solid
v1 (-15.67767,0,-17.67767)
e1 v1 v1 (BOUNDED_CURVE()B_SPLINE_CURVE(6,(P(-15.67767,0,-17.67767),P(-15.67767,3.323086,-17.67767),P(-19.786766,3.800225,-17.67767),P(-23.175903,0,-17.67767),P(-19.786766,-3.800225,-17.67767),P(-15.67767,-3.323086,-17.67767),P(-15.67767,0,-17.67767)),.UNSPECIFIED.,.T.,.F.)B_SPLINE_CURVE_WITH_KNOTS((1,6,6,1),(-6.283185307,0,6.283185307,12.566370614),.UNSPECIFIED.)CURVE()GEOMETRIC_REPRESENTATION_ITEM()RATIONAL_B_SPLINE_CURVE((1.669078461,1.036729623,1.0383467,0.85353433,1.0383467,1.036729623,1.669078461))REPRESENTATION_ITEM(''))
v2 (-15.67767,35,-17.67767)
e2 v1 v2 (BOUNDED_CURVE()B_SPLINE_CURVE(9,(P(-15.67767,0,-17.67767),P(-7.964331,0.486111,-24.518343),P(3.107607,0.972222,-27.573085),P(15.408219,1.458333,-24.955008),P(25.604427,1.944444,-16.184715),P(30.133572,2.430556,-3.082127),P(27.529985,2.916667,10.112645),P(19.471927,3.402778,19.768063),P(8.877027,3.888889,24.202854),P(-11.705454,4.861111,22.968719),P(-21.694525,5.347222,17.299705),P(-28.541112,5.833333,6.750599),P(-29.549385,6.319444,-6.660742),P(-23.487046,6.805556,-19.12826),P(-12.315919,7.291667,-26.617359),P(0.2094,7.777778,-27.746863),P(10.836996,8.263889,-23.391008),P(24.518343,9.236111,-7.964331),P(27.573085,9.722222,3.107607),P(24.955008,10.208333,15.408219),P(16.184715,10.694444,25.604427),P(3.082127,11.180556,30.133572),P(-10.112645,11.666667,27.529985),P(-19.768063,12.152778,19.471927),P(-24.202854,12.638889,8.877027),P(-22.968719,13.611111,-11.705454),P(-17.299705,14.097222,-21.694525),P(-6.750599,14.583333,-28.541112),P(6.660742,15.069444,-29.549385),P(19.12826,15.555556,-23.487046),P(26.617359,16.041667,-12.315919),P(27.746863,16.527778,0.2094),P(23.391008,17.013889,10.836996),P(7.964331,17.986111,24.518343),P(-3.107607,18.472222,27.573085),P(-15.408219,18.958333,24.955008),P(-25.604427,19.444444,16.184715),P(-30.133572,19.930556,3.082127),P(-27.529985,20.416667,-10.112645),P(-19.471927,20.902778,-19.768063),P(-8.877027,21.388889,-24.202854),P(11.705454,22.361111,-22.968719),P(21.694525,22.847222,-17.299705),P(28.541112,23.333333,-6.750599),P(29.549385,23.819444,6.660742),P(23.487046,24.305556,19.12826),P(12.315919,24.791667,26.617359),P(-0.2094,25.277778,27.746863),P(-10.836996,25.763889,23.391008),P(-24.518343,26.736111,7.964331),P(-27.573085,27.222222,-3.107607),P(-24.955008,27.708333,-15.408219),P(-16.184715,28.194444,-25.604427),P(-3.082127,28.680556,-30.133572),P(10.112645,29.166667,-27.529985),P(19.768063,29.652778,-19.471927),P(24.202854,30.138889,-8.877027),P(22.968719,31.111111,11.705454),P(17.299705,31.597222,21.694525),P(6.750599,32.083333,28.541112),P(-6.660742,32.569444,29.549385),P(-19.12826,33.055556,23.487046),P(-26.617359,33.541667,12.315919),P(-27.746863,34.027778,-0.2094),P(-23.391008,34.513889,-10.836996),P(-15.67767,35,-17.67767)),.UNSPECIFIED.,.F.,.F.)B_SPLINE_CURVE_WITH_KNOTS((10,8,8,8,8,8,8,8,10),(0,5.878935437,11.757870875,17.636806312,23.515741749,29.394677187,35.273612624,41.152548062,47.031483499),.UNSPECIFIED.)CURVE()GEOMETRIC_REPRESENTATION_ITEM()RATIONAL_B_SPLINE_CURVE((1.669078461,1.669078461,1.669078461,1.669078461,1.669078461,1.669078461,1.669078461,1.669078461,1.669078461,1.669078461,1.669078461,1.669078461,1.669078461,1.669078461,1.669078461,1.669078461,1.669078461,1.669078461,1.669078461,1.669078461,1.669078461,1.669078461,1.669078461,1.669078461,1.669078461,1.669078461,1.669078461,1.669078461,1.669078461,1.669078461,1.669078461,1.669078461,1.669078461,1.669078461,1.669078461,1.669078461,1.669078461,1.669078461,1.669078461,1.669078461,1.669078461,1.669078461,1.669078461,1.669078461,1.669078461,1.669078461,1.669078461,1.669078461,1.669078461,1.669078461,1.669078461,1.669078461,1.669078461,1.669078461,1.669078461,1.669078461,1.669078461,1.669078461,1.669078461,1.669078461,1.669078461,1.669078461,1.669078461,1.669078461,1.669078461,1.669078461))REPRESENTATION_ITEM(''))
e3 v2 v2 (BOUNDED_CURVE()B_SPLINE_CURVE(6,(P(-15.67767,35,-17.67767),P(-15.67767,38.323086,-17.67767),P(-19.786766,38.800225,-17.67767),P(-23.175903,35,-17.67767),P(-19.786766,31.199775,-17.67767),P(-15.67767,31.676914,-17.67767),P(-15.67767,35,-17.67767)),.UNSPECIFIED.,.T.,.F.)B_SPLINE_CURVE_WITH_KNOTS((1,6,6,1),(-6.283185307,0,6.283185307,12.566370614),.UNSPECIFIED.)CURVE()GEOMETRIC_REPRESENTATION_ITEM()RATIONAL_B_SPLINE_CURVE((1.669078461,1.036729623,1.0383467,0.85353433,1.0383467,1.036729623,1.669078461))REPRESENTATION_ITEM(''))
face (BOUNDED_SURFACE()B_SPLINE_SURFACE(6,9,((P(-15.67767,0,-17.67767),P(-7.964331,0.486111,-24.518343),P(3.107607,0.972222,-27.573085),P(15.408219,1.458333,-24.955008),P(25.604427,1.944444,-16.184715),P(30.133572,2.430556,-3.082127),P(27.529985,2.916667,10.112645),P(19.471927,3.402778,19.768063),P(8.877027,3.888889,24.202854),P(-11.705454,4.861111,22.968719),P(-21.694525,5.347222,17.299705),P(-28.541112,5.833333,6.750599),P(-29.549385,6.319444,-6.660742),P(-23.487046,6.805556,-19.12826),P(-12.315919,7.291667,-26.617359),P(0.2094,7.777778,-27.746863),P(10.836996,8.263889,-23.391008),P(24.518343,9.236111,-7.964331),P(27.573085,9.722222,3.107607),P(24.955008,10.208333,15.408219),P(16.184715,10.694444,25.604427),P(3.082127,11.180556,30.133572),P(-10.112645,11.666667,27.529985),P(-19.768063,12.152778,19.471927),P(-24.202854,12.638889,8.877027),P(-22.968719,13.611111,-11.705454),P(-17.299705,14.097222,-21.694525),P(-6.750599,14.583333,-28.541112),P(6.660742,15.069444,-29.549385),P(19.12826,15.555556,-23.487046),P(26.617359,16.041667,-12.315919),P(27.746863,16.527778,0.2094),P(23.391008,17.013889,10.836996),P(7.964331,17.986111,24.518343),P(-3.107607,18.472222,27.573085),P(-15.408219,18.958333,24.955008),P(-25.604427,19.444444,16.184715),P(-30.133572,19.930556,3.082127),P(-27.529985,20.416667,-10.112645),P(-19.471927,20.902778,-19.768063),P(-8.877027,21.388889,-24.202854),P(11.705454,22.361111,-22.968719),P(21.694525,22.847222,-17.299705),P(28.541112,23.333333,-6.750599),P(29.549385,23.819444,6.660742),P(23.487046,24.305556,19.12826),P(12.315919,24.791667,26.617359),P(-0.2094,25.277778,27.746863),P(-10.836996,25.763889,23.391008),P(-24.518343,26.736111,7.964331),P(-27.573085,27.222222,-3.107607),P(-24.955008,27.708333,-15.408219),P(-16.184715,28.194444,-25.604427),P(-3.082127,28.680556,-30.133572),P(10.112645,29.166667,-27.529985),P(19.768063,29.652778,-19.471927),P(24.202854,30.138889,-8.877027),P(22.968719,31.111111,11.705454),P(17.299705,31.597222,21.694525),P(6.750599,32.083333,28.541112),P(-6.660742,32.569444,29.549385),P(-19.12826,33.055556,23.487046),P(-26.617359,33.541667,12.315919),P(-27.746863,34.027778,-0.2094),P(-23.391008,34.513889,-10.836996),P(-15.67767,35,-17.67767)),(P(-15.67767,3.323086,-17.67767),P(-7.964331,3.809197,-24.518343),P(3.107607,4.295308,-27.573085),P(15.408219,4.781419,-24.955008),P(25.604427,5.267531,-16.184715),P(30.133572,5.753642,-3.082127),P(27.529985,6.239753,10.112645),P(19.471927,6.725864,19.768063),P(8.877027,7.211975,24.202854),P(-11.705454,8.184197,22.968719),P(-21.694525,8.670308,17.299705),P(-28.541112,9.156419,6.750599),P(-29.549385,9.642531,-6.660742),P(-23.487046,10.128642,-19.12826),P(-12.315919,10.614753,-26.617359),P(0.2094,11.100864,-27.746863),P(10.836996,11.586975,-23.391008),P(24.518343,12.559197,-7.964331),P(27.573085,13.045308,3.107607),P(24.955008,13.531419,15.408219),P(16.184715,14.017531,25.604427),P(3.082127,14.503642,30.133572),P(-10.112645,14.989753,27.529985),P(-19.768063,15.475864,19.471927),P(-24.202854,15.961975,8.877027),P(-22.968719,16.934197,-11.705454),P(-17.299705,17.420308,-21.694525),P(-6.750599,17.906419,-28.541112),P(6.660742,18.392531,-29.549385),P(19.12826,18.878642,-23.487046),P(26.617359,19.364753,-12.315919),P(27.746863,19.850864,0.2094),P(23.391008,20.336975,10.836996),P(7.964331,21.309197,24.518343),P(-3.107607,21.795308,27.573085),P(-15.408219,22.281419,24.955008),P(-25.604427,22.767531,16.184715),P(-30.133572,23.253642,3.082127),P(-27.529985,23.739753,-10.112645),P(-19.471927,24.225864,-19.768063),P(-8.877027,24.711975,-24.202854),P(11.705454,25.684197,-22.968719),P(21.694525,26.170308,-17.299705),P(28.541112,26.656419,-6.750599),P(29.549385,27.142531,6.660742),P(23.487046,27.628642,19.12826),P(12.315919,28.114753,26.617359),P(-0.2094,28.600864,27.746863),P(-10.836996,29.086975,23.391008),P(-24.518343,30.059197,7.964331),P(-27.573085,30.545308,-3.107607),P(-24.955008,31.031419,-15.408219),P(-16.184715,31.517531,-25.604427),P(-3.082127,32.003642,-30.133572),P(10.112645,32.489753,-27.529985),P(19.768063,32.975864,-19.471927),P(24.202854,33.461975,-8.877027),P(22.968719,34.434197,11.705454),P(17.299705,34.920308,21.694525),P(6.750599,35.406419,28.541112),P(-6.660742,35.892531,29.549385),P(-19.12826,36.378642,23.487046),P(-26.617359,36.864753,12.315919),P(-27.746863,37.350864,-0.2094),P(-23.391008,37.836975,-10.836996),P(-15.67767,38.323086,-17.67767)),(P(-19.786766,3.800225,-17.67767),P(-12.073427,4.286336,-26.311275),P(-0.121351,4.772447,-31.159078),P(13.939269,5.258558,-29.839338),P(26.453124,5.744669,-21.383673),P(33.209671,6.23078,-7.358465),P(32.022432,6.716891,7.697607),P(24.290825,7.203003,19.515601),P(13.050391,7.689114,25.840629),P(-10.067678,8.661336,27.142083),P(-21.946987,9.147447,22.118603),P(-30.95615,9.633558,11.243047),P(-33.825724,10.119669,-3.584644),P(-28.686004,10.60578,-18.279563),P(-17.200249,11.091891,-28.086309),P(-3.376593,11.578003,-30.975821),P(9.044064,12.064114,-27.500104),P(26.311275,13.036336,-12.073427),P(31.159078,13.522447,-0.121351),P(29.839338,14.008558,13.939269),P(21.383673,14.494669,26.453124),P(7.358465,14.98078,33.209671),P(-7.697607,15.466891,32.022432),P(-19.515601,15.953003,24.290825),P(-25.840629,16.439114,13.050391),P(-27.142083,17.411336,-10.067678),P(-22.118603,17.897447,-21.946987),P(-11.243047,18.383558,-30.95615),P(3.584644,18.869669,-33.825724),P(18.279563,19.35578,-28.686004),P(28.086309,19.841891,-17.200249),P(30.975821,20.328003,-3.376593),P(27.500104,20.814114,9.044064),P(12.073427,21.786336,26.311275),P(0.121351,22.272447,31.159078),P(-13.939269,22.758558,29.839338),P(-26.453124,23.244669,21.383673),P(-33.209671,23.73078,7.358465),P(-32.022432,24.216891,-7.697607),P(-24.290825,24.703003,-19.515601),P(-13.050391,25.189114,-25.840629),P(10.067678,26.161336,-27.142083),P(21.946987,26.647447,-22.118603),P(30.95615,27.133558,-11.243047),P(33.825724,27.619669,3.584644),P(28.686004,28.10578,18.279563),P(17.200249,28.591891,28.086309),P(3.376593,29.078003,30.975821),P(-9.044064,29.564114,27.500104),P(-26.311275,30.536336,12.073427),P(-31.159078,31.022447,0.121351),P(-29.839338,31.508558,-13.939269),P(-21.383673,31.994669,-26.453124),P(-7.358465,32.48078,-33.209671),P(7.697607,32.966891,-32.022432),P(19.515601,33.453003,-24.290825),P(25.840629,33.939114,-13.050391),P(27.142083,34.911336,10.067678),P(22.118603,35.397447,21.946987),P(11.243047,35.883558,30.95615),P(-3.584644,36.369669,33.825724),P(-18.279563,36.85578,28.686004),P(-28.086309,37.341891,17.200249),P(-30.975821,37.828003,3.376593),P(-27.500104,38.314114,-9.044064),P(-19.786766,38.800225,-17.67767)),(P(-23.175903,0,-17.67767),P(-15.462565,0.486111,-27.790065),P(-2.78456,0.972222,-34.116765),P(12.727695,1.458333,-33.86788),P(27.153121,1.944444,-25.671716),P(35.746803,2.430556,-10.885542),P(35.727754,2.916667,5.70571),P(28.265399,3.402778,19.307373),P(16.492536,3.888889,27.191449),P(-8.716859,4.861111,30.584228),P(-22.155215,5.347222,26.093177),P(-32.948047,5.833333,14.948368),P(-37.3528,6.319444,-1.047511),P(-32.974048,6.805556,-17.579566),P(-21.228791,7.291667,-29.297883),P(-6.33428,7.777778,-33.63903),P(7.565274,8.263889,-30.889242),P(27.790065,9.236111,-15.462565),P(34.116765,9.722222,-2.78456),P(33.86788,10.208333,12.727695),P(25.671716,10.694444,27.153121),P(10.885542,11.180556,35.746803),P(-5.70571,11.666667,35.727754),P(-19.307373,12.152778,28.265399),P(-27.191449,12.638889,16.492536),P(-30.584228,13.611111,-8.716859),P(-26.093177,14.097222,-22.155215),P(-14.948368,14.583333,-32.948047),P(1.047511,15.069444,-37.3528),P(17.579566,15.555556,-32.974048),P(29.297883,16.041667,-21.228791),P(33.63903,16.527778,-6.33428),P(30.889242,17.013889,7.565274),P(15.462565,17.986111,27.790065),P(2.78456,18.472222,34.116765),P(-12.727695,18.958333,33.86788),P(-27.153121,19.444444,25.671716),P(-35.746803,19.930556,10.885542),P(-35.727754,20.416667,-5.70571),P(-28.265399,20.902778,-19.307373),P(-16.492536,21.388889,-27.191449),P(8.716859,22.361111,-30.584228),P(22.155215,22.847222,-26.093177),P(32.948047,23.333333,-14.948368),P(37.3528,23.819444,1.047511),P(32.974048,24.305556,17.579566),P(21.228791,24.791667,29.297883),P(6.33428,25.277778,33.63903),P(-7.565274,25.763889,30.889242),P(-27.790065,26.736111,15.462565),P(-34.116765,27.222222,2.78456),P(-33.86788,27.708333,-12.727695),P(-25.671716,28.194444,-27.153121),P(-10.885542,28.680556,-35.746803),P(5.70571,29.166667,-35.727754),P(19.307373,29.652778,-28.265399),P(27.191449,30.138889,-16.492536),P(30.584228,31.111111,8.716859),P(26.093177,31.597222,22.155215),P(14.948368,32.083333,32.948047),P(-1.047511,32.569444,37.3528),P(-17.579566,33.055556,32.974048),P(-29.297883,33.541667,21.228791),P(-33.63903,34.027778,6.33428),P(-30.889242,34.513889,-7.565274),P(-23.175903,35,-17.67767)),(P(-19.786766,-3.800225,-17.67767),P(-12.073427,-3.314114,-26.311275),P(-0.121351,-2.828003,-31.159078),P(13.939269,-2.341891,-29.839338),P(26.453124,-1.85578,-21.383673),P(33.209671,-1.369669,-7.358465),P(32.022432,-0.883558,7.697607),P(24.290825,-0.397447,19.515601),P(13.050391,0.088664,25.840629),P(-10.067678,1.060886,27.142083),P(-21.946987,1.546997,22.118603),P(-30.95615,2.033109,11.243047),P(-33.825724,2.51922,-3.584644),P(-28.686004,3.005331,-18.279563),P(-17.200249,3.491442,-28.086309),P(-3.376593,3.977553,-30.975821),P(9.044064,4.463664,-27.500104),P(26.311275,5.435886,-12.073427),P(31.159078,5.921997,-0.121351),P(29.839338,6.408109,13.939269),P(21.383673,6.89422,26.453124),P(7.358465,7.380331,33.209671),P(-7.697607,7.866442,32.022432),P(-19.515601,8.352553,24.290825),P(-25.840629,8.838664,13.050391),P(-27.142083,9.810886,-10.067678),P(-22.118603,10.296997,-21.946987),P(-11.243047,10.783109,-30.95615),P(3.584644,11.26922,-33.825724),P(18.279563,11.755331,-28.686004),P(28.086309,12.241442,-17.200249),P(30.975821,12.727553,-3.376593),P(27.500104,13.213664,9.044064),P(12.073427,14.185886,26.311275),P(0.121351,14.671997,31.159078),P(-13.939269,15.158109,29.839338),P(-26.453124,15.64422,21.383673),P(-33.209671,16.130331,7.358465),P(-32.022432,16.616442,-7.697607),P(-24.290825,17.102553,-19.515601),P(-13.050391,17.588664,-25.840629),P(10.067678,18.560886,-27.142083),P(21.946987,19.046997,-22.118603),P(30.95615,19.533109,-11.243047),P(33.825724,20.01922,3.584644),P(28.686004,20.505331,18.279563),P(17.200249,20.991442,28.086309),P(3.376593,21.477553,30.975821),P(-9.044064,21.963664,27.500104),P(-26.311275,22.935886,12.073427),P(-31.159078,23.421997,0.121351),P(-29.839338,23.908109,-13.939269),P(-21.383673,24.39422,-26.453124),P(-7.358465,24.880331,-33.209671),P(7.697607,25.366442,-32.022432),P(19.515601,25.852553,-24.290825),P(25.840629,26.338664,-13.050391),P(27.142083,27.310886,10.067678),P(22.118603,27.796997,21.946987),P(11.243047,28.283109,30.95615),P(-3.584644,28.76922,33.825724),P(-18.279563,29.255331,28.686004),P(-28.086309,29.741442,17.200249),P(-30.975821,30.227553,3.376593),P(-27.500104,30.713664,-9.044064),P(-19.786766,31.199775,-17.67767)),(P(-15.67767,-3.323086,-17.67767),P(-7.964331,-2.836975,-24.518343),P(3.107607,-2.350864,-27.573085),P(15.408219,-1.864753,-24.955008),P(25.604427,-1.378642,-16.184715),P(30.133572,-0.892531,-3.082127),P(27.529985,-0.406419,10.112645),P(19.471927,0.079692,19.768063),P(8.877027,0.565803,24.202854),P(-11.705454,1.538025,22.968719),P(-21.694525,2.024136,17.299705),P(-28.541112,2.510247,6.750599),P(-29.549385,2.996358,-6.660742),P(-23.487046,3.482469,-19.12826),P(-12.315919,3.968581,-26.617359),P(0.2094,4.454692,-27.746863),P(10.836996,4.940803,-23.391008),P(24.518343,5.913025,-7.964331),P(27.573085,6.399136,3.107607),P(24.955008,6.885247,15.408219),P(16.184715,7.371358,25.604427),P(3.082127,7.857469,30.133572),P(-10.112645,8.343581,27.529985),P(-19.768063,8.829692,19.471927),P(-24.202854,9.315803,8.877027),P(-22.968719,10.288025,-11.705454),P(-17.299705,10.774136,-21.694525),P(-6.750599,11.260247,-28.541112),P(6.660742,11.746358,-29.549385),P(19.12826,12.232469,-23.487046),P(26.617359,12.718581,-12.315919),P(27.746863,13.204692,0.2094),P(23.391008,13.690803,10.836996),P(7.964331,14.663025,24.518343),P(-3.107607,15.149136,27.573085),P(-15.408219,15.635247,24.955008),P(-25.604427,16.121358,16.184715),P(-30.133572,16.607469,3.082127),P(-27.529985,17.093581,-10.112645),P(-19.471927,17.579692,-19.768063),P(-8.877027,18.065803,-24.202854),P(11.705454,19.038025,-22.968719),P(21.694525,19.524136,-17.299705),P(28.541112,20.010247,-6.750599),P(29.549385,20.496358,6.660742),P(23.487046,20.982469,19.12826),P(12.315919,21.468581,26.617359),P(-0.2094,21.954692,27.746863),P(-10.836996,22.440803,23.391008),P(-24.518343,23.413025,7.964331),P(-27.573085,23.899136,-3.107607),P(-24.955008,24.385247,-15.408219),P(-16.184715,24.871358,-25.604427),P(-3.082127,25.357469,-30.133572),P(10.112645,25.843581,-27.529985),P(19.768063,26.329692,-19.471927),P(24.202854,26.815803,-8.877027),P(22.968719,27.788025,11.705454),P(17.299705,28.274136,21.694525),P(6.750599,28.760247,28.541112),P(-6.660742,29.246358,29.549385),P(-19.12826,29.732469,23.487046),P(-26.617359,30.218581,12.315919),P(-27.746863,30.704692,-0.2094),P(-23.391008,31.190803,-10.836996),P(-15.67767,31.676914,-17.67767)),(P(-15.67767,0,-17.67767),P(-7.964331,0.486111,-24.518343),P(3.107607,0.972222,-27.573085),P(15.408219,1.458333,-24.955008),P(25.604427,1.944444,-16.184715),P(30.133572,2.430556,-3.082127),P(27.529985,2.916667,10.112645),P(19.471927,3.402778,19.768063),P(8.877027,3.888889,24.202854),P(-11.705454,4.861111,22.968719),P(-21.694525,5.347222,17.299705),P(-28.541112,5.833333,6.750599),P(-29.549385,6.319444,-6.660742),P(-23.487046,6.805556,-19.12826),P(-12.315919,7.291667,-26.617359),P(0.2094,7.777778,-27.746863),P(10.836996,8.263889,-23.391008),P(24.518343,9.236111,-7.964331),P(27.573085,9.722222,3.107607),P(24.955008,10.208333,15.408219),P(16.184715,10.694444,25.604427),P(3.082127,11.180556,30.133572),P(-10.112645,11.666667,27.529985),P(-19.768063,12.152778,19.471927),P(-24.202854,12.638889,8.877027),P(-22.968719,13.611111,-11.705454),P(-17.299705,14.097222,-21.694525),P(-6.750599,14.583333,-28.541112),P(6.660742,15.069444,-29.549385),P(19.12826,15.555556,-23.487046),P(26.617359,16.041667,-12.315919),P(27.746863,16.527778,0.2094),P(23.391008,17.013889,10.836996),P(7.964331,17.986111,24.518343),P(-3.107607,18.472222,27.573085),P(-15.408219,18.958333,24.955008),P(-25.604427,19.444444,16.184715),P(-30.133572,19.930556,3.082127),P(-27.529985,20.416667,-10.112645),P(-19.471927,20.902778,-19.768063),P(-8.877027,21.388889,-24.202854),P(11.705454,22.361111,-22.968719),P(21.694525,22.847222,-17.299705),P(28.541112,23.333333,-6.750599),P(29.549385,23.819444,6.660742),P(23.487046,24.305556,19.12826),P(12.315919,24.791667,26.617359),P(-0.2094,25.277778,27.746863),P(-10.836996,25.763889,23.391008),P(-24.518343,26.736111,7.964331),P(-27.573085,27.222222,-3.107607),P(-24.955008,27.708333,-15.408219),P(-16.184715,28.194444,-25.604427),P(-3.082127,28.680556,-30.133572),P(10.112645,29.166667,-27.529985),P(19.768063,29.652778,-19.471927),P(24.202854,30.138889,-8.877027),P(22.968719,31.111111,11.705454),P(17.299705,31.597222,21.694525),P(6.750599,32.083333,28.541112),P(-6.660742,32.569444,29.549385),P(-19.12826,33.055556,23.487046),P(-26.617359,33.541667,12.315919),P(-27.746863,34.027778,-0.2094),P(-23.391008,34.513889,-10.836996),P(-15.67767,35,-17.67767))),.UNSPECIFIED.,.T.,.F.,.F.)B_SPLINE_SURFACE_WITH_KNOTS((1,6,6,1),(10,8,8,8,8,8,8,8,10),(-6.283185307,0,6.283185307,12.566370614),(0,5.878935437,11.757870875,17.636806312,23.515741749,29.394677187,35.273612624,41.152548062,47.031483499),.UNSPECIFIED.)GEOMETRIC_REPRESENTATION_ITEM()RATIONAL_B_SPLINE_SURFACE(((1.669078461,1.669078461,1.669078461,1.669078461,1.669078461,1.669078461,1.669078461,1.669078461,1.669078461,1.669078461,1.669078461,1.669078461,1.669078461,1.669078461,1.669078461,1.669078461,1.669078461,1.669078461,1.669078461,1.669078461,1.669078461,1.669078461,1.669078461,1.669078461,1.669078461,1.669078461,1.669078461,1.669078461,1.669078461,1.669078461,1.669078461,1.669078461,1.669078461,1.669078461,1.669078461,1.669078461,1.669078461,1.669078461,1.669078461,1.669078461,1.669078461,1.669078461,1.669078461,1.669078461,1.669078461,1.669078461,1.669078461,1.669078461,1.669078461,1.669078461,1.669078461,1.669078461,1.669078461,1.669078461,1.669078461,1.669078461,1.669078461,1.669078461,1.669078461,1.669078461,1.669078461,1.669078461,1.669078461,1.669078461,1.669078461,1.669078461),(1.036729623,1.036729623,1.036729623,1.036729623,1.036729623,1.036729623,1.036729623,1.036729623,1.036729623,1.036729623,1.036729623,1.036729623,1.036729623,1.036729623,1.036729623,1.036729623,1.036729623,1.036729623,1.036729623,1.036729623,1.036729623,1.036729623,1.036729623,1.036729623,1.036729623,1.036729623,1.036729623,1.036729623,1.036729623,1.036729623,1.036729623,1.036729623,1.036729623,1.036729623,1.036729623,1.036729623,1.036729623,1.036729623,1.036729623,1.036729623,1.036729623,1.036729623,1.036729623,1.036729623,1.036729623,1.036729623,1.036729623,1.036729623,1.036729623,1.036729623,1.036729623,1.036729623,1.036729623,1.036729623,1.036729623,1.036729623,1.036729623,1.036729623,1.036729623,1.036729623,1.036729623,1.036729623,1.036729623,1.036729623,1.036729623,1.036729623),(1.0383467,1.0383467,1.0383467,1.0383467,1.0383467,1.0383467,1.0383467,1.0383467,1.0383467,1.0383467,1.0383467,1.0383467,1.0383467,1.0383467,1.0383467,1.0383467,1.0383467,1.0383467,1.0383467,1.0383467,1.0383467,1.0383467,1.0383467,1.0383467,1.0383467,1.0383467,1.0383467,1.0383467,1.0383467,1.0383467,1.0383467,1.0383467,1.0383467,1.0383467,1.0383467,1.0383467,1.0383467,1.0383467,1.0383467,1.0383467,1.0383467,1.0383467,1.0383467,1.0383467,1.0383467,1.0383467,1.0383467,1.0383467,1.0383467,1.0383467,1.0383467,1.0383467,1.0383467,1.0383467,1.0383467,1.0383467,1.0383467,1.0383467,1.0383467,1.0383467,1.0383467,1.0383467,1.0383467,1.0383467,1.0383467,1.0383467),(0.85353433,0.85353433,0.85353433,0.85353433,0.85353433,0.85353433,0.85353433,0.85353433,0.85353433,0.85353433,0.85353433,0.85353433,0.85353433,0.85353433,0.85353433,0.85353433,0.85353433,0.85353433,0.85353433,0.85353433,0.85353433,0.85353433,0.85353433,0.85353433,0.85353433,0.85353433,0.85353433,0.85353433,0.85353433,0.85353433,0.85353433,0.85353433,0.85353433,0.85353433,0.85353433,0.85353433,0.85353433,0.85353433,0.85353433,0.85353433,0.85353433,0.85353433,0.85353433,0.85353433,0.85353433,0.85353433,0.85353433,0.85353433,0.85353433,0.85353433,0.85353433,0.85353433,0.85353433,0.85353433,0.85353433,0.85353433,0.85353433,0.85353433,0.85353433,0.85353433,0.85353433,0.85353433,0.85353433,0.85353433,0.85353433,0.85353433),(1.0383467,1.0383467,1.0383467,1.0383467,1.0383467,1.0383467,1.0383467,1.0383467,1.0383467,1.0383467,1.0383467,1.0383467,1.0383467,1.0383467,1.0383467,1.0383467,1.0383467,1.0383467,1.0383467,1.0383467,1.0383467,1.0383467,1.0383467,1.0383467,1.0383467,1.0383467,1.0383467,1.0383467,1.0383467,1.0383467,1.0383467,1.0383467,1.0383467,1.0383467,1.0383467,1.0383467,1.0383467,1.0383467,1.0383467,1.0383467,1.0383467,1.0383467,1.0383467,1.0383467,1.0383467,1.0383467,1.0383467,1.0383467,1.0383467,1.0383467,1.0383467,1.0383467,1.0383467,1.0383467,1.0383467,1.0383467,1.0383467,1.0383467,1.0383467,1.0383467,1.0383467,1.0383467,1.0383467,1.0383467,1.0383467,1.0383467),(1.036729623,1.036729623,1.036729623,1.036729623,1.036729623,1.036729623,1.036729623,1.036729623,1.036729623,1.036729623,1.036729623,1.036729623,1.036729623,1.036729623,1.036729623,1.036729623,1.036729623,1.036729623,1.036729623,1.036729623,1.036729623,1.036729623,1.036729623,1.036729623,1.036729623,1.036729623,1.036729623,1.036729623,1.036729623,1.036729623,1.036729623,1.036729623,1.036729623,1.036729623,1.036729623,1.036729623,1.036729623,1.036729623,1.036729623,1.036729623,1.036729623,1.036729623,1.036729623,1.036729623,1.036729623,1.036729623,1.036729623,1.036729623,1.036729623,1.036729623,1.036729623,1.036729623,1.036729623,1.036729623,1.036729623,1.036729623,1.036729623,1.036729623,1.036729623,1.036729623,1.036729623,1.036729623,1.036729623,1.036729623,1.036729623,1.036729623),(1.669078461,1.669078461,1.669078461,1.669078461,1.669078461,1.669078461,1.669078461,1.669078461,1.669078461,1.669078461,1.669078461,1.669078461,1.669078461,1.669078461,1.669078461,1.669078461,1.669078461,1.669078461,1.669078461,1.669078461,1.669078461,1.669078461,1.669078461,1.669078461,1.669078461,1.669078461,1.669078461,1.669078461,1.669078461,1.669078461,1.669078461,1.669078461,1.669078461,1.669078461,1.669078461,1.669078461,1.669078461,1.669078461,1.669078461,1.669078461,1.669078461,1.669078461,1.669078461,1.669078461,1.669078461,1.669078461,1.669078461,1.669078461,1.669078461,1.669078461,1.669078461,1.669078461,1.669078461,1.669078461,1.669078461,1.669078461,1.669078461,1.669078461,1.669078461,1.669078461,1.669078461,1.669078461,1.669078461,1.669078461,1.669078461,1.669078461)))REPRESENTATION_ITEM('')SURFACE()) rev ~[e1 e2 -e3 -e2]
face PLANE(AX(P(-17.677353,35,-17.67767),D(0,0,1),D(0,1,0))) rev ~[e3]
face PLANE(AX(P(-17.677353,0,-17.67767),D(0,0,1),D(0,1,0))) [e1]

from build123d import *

# Parameters (mm, degrees)
SWEEP1_PITCH       = 7
SWEEP1_HEIGHT      = 35
SWEEP1_RADIUS      = 25
SWEEP1_START_ANGLE = -135
SKETCH3_R          = 2


with BuildPart() as part:
    # Sweep1: sweep along a helix
    with BuildLine() as sweep1_path:
        add(Helix(SWEEP1_PITCH, SWEEP1_HEIGHT, SWEEP1_RADIUS, center=(0, 0, 0), direction=(0, 1, 0), lefthand=True, mode=Mode.PRIVATE).rotate(Axis((0, 0, 0), (0, 1, 0)), SWEEP1_START_ANGLE))
    # Sketch3 → Sweep1 (sweep)
    with BuildSketch(Plane.XY.offset(-17.67766953)):
        with Locations((-17.67766953, 0)):
            Circle(SKETCH3_R)
    sweep(path=sweep1_path.line, is_frenet=True)


solid = part.part
